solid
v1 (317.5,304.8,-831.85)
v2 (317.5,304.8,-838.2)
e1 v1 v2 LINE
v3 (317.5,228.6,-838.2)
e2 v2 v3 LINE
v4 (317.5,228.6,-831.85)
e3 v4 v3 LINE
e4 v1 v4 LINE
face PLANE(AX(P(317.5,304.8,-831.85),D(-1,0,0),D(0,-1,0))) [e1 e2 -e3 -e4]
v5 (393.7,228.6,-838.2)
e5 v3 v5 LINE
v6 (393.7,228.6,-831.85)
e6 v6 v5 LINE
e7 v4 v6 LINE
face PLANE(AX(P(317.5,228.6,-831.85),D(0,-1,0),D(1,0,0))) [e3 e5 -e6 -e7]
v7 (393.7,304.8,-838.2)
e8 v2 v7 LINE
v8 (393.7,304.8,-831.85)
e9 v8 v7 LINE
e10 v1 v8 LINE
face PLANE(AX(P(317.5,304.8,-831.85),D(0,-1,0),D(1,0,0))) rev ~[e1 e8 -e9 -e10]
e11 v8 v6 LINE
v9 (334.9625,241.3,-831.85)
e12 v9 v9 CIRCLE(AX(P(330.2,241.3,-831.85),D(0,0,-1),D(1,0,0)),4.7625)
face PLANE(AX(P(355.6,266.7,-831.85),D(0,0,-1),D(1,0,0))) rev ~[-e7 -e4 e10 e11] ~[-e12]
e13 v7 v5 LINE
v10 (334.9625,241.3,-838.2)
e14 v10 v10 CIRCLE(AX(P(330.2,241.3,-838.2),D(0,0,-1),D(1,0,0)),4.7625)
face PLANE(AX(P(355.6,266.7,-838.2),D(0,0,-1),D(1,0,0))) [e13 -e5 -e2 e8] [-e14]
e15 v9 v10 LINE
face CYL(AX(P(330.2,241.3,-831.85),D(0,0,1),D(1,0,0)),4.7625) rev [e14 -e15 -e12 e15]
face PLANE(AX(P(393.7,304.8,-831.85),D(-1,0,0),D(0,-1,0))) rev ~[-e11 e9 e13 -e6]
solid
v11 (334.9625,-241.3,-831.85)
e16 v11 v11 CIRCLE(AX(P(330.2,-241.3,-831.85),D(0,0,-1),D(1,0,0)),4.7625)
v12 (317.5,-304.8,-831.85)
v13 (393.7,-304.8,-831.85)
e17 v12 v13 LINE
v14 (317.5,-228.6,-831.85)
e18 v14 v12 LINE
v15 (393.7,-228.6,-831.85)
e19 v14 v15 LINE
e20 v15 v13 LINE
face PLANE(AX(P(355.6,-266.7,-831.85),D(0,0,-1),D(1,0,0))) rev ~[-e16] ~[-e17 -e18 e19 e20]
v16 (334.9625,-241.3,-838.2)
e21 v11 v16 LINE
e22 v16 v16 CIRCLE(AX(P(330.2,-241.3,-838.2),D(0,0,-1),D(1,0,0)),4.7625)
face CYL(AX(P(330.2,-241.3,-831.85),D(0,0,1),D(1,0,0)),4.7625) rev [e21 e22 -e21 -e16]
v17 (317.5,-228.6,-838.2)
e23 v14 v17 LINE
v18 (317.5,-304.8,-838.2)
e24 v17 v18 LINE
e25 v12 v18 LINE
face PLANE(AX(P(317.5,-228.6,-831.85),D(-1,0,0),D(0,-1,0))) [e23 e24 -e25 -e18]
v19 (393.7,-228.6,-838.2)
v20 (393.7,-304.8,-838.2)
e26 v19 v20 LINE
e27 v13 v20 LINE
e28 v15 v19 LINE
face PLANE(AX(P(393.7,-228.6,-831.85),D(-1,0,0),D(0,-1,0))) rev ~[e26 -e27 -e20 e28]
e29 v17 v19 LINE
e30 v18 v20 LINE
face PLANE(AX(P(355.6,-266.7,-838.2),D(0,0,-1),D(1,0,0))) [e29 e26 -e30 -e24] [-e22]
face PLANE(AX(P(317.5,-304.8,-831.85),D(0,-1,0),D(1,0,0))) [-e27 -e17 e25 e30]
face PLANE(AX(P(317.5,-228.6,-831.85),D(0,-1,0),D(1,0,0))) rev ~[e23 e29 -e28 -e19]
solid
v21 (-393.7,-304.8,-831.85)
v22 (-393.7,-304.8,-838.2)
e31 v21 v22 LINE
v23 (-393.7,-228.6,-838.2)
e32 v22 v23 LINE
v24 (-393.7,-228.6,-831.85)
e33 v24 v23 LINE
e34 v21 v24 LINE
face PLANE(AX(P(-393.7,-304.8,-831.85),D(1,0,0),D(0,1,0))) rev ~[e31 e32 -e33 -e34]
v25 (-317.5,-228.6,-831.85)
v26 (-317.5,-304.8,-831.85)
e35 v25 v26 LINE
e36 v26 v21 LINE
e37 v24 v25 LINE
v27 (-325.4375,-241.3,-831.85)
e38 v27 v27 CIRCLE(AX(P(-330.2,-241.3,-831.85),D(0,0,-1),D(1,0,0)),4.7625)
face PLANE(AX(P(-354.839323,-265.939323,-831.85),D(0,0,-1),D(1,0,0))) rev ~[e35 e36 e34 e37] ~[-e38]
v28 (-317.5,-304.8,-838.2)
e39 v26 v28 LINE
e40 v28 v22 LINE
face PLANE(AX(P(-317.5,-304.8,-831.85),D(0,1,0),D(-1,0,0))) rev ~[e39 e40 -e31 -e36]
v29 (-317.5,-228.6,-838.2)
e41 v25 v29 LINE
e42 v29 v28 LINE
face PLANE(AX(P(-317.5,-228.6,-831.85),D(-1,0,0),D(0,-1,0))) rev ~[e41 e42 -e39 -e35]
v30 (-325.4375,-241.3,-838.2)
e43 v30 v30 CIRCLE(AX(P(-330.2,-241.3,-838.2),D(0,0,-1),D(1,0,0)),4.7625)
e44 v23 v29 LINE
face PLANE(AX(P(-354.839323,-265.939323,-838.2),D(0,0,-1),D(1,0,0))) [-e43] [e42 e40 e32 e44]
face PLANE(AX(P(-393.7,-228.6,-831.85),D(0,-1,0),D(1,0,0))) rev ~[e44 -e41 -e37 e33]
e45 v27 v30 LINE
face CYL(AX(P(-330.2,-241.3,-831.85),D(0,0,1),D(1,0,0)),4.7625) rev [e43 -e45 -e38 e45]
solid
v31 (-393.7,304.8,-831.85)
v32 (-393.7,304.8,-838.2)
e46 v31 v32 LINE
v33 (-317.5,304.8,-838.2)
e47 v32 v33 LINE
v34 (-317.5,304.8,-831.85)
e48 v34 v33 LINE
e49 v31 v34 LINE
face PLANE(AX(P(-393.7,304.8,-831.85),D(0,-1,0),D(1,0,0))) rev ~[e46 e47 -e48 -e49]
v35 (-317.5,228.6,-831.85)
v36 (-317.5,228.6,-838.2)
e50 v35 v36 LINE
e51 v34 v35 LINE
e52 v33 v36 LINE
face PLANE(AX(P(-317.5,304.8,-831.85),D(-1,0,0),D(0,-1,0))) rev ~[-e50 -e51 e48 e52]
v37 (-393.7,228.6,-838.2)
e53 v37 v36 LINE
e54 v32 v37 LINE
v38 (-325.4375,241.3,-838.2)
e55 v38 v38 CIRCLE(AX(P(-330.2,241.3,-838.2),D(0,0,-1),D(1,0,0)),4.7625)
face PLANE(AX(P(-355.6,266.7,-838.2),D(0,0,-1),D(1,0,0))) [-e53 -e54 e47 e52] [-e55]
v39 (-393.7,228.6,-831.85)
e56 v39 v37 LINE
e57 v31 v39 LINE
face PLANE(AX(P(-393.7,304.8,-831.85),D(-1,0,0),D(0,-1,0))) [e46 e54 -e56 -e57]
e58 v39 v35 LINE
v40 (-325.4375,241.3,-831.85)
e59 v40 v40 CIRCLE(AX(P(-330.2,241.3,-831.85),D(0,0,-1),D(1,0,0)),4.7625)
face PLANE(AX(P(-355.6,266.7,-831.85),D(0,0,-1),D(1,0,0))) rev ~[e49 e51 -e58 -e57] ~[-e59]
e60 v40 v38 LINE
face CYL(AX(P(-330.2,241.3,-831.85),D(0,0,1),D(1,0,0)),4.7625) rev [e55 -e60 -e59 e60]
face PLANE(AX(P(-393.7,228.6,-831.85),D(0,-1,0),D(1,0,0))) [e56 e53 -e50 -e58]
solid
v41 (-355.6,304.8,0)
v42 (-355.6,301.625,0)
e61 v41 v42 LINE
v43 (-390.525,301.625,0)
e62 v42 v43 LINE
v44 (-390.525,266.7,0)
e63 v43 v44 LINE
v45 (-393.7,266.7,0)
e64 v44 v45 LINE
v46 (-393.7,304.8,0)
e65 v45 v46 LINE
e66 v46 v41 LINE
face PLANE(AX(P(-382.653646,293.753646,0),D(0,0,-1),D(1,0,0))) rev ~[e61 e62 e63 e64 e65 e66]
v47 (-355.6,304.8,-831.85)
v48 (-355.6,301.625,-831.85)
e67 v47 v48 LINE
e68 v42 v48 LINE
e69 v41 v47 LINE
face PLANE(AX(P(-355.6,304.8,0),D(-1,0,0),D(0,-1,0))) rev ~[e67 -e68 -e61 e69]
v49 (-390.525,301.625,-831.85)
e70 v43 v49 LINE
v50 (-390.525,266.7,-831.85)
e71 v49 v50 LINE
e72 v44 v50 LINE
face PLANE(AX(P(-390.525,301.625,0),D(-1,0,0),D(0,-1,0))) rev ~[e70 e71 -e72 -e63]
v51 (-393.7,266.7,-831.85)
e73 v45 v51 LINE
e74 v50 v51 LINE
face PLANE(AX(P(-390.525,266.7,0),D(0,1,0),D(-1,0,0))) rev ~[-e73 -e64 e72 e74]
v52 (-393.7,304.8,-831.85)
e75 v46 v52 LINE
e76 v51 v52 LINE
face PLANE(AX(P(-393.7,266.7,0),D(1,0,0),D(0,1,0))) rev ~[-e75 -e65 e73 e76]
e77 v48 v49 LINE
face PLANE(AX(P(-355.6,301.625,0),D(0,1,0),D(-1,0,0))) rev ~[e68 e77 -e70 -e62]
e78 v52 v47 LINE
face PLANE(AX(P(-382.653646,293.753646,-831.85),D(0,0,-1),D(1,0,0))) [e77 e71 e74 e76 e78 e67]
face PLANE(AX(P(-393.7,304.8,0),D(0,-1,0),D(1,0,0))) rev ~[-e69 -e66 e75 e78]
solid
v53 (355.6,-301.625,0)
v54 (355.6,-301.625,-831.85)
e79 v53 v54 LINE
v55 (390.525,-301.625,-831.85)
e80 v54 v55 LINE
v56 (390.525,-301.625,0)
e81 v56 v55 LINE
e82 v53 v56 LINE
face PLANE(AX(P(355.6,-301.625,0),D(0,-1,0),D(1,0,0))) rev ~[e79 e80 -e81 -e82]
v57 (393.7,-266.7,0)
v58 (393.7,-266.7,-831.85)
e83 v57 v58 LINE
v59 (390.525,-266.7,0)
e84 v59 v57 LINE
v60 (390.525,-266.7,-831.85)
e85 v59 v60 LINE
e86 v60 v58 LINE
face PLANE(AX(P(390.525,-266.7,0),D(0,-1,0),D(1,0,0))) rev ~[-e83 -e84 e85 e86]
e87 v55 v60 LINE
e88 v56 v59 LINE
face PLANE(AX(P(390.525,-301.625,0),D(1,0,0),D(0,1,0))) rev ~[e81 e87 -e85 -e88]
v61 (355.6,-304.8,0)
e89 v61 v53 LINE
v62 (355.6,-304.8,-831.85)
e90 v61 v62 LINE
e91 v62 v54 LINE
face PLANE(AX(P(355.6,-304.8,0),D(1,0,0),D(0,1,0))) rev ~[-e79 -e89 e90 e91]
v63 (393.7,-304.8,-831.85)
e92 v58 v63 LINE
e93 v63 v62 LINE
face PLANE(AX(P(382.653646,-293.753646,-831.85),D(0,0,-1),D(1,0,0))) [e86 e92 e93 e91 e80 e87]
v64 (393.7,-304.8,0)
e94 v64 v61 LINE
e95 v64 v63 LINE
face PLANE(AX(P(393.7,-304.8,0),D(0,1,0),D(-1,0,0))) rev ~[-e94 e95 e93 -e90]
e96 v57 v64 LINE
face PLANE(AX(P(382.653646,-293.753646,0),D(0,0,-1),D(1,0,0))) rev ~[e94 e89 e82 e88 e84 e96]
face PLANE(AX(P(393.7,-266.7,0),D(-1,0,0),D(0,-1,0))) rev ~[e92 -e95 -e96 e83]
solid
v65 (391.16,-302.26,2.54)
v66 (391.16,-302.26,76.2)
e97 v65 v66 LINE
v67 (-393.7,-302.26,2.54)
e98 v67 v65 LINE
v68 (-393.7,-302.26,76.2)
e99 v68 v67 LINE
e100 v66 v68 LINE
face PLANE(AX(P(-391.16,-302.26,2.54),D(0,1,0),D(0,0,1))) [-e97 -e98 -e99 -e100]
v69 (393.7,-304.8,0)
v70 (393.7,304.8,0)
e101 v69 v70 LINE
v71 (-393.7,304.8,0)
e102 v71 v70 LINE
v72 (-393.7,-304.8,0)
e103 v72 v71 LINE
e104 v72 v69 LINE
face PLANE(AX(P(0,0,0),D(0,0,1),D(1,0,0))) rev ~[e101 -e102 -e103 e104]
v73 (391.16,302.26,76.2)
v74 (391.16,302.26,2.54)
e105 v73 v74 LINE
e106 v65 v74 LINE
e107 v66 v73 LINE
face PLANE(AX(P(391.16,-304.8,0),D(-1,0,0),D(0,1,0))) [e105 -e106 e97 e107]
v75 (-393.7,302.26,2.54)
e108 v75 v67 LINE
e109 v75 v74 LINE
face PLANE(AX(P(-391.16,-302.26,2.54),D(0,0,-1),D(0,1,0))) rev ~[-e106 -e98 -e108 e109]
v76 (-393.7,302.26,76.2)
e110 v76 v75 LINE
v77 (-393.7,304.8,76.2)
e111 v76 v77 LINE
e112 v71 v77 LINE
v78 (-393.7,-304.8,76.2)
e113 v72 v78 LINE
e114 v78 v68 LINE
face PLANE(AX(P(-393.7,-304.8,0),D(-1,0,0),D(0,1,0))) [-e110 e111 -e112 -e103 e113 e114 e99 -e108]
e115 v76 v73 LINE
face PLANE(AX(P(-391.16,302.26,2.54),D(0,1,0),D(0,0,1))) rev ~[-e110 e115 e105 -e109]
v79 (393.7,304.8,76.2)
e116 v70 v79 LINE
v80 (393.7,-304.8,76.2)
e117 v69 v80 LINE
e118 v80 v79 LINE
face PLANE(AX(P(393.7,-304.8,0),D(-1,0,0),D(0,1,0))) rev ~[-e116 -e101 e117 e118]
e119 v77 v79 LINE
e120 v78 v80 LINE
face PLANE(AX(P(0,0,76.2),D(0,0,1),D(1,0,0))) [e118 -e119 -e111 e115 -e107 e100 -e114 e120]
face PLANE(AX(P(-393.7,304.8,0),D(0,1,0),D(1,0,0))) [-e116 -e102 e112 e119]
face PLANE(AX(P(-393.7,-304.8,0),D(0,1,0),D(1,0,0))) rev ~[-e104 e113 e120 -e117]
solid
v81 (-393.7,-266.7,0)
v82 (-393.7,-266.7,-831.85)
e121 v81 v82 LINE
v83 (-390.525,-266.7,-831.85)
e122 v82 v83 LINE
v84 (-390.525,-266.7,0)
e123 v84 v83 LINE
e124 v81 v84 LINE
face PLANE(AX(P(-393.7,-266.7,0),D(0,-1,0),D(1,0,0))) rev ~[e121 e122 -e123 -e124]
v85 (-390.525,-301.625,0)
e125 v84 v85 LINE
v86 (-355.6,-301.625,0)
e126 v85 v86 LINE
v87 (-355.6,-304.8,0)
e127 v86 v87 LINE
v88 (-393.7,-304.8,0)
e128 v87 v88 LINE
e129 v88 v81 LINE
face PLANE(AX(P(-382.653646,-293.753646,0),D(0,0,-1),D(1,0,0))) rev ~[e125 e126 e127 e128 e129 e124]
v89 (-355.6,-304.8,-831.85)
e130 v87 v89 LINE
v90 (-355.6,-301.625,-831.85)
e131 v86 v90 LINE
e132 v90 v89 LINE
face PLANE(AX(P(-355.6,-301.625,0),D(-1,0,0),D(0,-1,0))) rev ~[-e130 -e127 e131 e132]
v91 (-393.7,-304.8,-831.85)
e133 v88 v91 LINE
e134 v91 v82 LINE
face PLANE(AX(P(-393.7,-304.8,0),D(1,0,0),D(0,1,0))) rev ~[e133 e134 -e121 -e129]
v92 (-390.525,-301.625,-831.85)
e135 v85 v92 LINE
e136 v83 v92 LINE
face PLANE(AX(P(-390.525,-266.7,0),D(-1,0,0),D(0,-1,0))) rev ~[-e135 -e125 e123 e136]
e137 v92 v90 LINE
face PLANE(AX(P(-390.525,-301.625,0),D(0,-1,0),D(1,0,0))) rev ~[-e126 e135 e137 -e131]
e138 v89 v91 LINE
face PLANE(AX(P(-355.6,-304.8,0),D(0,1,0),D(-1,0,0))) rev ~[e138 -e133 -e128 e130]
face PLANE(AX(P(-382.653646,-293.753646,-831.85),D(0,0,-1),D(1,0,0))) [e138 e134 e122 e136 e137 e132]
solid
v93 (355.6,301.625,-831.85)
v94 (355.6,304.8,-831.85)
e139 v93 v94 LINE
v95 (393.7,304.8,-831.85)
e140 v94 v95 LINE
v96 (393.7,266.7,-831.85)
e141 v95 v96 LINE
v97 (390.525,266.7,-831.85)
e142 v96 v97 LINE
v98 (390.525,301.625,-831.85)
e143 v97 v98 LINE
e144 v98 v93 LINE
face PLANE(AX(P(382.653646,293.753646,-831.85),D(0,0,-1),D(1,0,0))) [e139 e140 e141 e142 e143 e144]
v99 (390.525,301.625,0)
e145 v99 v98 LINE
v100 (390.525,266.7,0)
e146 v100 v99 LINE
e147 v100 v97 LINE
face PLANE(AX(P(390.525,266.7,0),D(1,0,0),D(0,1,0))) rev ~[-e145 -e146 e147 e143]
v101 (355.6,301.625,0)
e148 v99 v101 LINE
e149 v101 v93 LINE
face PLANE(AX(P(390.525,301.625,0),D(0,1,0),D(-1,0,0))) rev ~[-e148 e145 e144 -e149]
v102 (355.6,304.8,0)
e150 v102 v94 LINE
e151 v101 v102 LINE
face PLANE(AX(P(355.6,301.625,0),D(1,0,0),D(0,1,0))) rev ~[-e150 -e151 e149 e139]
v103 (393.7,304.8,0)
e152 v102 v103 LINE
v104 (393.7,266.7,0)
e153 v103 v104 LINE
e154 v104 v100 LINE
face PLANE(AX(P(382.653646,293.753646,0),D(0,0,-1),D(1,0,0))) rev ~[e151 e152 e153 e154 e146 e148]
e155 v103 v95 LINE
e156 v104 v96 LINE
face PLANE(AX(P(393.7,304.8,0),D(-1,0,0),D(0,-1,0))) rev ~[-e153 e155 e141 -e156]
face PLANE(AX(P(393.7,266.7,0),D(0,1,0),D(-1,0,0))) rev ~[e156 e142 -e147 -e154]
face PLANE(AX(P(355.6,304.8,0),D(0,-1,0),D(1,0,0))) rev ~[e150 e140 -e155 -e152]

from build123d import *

# Parameters (mm, degrees)
F0_W     = 787.4
F0_H     = 609.6
F1_DEPTH = 76.2
F2_T     = -2.54
F3_W     = 604.52
F3_H     = 73.66
F4_DEPTH = 25.4
F6_DEPTH = 831.85
F7_R     = 4.7625
F8_DEPTH = 6.35
F7_W     = 76.2
F7_H     = 76.2


with BuildPart() as f1:
    # F0 (on Top) → F1 (new body)
    with BuildSketch(Plane.XY):
        Rectangle(F0_W, F0_H)
    extrude(amount=F1_DEPTH)

    # F2
    f2_openings = [f1.faces().sort_by_distance(p)[0] for p in [
        (0, 0, 76.2),
    ]]
    offset(amount=F2_T, openings=f2_openings)

    # F3 (on face) → F4 (cut)
    with BuildSketch(Plane.YZ.offset(-391.16)):
        with Locations((0, 39.37)):
            Rectangle(F3_W, F3_H)
    extrude(amount=-F4_DEPTH, mode=Mode.SUBTRACT)


with BuildPart() as f6:
    # F5 (on face) → F6 (new body)
    with BuildSketch(Plane(origin=(0, 0, 0), x_dir=(1, 0, 0), z_dir=(0, 0, -1))):
        Polygon((-355.6, 304.8), (-393.7, 304.8), (-393.7, 266.7), (-390.525, 266.7), (-390.525, 301.625), (-355.6, 301.625), align=None)
    extrude(amount=F6_DEPTH)


with BuildPart() as f6b:
    # F5 (on face) → F6, piece 2 (new body)
    with BuildSketch(Plane(origin=(0, 0, 0), x_dir=(1, 0, 0), z_dir=(0, 0, -1))):
        Polygon((-390.525, -266.7), (-393.7, -266.7), (-393.7, -304.8), (-355.6, -304.8), (-355.6, -301.625), (-390.525, -301.625), align=None)
    extrude(amount=F6_DEPTH)


with BuildPart() as f6c:
    # F5 (on face) → F6, piece 3 (new body)
    with BuildSketch(Plane(origin=(0, 0, 0), x_dir=(1, 0, 0), z_dir=(0, 0, -1))):
        Polygon((393.7, -304.8), (393.7, -266.7), (390.525, -266.7), (390.525, -301.625), (355.6, -301.625), (355.6, -304.8), align=None)
    extrude(amount=F6_DEPTH)


with BuildPart() as f6d:
    # F5 (on face) → F6, piece 4 (new body)
    with BuildSketch(Plane(origin=(0, 0, 0), x_dir=(1, 0, 0), z_dir=(0, 0, -1))):
        Polygon((393.7, 304.8), (355.6, 304.8), (355.6, 301.625), (390.525, 301.625), (390.525, 266.7), (393.7, 266.7), align=None)
    extrude(amount=F6_DEPTH)


with BuildPart() as f8:
    # F7 (on face) → F8 (new body)
    with BuildSketch(Plane(origin=(0, 0, -831.85), x_dir=(1, 0, 0), z_dir=(0, 0, -1))):
        Polygon((-317.5, 304.8), (-355.6, 304.8), (-355.6, 301.625), (-390.525, 301.625), (-390.525, 266.7), (-393.7, 266.7), (-393.7, 228.6), (-317.5, 228.6), align=None)
        with Locations((-330.2, 241.3)):
            Circle(F7_R, mode=Mode.SUBTRACT)
        Polygon((-355.6, 304.8), (-393.7, 304.8), (-393.7, 266.7), (-390.525, 266.7), (-390.525, 301.625), (-355.6, 301.625), align=None)
    extrude(amount=F8_DEPTH)


with BuildPart() as f8b:
    # F7 (on face) → F8, piece 2 (new body)
    with BuildSketch(Plane(origin=(0, 0, -831.85), x_dir=(1, 0, 0), z_dir=(0, 0, -1))):
        with Locations((-355.6, -266.7)):
            Rectangle(F7_W, F7_H)
        with Locations((-330.2, -241.3)):
            Circle(F7_R, mode=Mode.SUBTRACT)
    extrude(amount=F8_DEPTH)


with BuildPart() as f8c:
    # F7 (on face) → F8, piece 3 (new body)
    with BuildSketch(Plane(origin=(0, 0, -831.85), x_dir=(1, 0, 0), z_dir=(0, 0, -1))):
        with Locations((355.6, -266.7)):
            Rectangle(F7_W, F7_H)
        with Locations((330.2, -241.3)):
            Circle(F7_R, mode=Mode.SUBTRACT)
    extrude(amount=F8_DEPTH)


with BuildPart() as f8d:
    # F7 (on face) → F8, piece 4 (new body)
    with BuildSketch(Plane(origin=(0, 0, -831.85), x_dir=(1, 0, 0), z_dir=(0, 0, -1))):
        with Locations((355.6, 266.7)):
            Rectangle(F7_W, F7_H)
        with Locations((330.2, 241.3)):
            Circle(F7_R, mode=Mode.SUBTRACT)
    extrude(amount=F8_DEPTH)


solid = Compound([f1.part, f6.part, f6b.part, f6c.part, f6d.part, f8.part, f8b.part, f8c.part, f8d.part])
